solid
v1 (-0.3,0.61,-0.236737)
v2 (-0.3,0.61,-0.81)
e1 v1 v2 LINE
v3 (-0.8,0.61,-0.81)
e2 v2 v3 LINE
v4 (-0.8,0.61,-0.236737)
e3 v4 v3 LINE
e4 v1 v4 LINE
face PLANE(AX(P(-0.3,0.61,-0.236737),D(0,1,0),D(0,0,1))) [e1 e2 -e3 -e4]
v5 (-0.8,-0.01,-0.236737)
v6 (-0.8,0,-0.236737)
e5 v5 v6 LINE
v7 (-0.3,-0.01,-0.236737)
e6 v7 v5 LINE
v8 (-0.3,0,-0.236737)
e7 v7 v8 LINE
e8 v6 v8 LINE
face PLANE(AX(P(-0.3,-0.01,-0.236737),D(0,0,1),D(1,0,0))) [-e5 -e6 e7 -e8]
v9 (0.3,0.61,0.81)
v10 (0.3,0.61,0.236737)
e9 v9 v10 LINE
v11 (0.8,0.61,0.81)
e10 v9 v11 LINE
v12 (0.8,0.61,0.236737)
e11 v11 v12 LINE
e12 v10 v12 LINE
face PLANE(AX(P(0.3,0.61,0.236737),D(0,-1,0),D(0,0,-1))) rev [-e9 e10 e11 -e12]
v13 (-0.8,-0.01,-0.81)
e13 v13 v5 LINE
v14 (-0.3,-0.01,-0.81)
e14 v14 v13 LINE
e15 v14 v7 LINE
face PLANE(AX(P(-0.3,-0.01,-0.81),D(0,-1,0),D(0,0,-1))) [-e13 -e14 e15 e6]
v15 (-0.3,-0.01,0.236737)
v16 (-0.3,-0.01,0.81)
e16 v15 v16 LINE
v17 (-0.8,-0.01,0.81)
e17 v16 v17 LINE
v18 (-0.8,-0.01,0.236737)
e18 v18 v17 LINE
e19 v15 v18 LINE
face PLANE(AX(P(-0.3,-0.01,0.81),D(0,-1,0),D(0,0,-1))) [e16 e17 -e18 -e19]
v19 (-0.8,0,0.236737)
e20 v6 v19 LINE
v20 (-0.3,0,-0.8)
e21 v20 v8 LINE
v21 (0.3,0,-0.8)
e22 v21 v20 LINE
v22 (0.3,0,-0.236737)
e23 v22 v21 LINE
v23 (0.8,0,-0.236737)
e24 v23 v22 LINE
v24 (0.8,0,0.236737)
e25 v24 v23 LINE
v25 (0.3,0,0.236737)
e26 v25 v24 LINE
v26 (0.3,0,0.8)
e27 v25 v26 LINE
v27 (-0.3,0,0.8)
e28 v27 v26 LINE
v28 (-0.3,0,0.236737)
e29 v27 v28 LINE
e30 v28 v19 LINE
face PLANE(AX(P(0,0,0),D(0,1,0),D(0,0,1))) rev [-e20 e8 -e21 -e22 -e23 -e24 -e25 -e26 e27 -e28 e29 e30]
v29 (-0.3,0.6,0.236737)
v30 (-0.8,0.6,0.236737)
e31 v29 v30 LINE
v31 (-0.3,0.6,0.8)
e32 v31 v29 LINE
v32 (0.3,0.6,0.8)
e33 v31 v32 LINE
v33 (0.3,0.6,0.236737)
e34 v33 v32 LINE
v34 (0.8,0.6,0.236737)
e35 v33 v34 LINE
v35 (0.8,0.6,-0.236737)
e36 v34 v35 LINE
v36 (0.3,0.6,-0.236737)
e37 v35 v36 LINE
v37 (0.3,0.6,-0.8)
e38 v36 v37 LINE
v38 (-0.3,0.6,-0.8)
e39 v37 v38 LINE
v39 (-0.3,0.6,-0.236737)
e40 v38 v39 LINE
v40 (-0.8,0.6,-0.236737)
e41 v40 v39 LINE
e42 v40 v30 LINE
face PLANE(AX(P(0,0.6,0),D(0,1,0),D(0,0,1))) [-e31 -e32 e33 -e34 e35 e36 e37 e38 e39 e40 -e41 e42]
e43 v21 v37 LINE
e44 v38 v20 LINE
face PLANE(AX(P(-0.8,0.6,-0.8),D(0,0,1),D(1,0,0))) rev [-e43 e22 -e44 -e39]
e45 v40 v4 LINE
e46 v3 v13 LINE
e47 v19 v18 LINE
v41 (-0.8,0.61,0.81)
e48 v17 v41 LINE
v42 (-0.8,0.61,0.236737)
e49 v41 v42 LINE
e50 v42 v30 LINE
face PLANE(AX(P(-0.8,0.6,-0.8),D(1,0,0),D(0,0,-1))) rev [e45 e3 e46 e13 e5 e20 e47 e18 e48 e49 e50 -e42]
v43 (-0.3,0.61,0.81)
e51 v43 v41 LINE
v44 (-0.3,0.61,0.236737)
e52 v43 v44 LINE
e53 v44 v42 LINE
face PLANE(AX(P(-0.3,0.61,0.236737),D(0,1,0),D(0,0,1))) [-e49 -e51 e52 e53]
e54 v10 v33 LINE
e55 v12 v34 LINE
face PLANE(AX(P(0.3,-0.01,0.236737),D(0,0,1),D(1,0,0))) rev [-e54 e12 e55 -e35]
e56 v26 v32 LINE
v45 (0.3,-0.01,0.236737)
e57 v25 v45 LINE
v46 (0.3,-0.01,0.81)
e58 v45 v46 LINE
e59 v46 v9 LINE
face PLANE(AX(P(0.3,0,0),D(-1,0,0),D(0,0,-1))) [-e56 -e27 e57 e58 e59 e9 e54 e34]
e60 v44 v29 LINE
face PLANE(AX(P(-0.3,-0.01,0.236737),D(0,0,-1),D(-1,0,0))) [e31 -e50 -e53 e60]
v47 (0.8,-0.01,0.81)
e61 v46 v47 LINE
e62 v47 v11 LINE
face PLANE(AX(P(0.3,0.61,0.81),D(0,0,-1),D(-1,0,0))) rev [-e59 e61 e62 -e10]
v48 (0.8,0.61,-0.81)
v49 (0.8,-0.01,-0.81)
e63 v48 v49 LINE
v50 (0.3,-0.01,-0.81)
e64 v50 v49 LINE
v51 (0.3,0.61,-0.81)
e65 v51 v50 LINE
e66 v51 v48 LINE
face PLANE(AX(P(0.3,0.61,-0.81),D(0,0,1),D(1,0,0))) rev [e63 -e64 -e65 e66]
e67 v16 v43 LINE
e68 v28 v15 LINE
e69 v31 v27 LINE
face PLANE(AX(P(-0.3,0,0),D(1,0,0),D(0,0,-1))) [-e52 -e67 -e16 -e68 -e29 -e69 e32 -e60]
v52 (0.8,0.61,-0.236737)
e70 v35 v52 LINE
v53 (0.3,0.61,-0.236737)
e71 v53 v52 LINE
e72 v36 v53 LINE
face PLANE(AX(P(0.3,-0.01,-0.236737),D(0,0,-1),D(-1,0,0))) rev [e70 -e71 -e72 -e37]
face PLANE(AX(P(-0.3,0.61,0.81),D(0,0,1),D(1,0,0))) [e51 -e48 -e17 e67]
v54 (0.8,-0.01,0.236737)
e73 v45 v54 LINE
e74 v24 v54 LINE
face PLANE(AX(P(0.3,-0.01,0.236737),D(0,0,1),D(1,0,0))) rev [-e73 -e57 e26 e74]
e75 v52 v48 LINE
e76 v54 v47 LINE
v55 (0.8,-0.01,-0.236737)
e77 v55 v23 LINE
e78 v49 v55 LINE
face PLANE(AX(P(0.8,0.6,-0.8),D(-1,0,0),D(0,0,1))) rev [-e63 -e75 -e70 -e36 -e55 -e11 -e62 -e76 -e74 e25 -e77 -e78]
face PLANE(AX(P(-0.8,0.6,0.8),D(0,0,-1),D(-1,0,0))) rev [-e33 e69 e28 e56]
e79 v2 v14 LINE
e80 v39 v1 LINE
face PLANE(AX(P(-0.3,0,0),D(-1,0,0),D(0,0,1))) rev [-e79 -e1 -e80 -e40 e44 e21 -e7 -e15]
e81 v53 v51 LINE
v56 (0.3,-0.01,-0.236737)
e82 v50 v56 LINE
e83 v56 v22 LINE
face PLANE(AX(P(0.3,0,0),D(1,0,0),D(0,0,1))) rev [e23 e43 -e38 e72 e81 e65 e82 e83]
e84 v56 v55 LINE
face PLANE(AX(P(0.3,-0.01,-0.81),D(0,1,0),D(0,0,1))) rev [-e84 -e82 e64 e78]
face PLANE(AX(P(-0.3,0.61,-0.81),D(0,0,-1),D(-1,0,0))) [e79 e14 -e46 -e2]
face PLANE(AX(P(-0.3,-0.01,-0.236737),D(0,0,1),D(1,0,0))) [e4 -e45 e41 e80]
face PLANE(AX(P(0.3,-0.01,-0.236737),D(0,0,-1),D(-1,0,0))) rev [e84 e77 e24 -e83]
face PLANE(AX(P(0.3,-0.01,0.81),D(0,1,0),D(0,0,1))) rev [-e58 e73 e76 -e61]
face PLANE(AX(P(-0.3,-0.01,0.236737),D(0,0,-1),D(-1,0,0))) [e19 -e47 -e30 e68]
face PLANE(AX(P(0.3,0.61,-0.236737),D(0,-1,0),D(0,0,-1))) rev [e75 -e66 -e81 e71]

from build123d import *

# Parameters (mm, degrees)
SKETCH_1_W      = 1.6
SKETCH_1_H      = 1.6
EXTRUDE_1_DEPTH = 0.6
SKETCH_2_W      = 0.573263013
SKETCH_2_H      = 0.62
EXTRUDE_2_DEPTH = 0.5


with BuildPart() as part:
    # 草图1 → 凸台-拉伸1 (new body)
    with BuildSketch(Plane(origin=(0, 0, 0), x_dir=(1, 0, 0), z_dir=(0, 1, 0))):
        Rectangle(SKETCH_1_W, SKETCH_1_H)
    extrude(amount=EXTRUDE_1_DEPTH)

    # 草图2 → 凸台-拉伸2 (add)
    with BuildSketch(Plane.ZY.offset(0.8)):
        with Locations((0.523368494, 0.3)):
            Rectangle(SKETCH_2_W, SKETCH_2_H)
        with Locations((-0.523368494, 0.3)):
            Rectangle(SKETCH_2_W, SKETCH_2_H)
    extrude_2 = extrude(amount=-EXTRUDE_2_DEPTH)

    # 镜向1: 凸台-拉伸2 across plane
    add(extrude_2.mirror(Plane(origin=(0, 0, 0), x_dir=(0, 0, 1), z_dir=(1, 0, 0))))


solid = part.part
